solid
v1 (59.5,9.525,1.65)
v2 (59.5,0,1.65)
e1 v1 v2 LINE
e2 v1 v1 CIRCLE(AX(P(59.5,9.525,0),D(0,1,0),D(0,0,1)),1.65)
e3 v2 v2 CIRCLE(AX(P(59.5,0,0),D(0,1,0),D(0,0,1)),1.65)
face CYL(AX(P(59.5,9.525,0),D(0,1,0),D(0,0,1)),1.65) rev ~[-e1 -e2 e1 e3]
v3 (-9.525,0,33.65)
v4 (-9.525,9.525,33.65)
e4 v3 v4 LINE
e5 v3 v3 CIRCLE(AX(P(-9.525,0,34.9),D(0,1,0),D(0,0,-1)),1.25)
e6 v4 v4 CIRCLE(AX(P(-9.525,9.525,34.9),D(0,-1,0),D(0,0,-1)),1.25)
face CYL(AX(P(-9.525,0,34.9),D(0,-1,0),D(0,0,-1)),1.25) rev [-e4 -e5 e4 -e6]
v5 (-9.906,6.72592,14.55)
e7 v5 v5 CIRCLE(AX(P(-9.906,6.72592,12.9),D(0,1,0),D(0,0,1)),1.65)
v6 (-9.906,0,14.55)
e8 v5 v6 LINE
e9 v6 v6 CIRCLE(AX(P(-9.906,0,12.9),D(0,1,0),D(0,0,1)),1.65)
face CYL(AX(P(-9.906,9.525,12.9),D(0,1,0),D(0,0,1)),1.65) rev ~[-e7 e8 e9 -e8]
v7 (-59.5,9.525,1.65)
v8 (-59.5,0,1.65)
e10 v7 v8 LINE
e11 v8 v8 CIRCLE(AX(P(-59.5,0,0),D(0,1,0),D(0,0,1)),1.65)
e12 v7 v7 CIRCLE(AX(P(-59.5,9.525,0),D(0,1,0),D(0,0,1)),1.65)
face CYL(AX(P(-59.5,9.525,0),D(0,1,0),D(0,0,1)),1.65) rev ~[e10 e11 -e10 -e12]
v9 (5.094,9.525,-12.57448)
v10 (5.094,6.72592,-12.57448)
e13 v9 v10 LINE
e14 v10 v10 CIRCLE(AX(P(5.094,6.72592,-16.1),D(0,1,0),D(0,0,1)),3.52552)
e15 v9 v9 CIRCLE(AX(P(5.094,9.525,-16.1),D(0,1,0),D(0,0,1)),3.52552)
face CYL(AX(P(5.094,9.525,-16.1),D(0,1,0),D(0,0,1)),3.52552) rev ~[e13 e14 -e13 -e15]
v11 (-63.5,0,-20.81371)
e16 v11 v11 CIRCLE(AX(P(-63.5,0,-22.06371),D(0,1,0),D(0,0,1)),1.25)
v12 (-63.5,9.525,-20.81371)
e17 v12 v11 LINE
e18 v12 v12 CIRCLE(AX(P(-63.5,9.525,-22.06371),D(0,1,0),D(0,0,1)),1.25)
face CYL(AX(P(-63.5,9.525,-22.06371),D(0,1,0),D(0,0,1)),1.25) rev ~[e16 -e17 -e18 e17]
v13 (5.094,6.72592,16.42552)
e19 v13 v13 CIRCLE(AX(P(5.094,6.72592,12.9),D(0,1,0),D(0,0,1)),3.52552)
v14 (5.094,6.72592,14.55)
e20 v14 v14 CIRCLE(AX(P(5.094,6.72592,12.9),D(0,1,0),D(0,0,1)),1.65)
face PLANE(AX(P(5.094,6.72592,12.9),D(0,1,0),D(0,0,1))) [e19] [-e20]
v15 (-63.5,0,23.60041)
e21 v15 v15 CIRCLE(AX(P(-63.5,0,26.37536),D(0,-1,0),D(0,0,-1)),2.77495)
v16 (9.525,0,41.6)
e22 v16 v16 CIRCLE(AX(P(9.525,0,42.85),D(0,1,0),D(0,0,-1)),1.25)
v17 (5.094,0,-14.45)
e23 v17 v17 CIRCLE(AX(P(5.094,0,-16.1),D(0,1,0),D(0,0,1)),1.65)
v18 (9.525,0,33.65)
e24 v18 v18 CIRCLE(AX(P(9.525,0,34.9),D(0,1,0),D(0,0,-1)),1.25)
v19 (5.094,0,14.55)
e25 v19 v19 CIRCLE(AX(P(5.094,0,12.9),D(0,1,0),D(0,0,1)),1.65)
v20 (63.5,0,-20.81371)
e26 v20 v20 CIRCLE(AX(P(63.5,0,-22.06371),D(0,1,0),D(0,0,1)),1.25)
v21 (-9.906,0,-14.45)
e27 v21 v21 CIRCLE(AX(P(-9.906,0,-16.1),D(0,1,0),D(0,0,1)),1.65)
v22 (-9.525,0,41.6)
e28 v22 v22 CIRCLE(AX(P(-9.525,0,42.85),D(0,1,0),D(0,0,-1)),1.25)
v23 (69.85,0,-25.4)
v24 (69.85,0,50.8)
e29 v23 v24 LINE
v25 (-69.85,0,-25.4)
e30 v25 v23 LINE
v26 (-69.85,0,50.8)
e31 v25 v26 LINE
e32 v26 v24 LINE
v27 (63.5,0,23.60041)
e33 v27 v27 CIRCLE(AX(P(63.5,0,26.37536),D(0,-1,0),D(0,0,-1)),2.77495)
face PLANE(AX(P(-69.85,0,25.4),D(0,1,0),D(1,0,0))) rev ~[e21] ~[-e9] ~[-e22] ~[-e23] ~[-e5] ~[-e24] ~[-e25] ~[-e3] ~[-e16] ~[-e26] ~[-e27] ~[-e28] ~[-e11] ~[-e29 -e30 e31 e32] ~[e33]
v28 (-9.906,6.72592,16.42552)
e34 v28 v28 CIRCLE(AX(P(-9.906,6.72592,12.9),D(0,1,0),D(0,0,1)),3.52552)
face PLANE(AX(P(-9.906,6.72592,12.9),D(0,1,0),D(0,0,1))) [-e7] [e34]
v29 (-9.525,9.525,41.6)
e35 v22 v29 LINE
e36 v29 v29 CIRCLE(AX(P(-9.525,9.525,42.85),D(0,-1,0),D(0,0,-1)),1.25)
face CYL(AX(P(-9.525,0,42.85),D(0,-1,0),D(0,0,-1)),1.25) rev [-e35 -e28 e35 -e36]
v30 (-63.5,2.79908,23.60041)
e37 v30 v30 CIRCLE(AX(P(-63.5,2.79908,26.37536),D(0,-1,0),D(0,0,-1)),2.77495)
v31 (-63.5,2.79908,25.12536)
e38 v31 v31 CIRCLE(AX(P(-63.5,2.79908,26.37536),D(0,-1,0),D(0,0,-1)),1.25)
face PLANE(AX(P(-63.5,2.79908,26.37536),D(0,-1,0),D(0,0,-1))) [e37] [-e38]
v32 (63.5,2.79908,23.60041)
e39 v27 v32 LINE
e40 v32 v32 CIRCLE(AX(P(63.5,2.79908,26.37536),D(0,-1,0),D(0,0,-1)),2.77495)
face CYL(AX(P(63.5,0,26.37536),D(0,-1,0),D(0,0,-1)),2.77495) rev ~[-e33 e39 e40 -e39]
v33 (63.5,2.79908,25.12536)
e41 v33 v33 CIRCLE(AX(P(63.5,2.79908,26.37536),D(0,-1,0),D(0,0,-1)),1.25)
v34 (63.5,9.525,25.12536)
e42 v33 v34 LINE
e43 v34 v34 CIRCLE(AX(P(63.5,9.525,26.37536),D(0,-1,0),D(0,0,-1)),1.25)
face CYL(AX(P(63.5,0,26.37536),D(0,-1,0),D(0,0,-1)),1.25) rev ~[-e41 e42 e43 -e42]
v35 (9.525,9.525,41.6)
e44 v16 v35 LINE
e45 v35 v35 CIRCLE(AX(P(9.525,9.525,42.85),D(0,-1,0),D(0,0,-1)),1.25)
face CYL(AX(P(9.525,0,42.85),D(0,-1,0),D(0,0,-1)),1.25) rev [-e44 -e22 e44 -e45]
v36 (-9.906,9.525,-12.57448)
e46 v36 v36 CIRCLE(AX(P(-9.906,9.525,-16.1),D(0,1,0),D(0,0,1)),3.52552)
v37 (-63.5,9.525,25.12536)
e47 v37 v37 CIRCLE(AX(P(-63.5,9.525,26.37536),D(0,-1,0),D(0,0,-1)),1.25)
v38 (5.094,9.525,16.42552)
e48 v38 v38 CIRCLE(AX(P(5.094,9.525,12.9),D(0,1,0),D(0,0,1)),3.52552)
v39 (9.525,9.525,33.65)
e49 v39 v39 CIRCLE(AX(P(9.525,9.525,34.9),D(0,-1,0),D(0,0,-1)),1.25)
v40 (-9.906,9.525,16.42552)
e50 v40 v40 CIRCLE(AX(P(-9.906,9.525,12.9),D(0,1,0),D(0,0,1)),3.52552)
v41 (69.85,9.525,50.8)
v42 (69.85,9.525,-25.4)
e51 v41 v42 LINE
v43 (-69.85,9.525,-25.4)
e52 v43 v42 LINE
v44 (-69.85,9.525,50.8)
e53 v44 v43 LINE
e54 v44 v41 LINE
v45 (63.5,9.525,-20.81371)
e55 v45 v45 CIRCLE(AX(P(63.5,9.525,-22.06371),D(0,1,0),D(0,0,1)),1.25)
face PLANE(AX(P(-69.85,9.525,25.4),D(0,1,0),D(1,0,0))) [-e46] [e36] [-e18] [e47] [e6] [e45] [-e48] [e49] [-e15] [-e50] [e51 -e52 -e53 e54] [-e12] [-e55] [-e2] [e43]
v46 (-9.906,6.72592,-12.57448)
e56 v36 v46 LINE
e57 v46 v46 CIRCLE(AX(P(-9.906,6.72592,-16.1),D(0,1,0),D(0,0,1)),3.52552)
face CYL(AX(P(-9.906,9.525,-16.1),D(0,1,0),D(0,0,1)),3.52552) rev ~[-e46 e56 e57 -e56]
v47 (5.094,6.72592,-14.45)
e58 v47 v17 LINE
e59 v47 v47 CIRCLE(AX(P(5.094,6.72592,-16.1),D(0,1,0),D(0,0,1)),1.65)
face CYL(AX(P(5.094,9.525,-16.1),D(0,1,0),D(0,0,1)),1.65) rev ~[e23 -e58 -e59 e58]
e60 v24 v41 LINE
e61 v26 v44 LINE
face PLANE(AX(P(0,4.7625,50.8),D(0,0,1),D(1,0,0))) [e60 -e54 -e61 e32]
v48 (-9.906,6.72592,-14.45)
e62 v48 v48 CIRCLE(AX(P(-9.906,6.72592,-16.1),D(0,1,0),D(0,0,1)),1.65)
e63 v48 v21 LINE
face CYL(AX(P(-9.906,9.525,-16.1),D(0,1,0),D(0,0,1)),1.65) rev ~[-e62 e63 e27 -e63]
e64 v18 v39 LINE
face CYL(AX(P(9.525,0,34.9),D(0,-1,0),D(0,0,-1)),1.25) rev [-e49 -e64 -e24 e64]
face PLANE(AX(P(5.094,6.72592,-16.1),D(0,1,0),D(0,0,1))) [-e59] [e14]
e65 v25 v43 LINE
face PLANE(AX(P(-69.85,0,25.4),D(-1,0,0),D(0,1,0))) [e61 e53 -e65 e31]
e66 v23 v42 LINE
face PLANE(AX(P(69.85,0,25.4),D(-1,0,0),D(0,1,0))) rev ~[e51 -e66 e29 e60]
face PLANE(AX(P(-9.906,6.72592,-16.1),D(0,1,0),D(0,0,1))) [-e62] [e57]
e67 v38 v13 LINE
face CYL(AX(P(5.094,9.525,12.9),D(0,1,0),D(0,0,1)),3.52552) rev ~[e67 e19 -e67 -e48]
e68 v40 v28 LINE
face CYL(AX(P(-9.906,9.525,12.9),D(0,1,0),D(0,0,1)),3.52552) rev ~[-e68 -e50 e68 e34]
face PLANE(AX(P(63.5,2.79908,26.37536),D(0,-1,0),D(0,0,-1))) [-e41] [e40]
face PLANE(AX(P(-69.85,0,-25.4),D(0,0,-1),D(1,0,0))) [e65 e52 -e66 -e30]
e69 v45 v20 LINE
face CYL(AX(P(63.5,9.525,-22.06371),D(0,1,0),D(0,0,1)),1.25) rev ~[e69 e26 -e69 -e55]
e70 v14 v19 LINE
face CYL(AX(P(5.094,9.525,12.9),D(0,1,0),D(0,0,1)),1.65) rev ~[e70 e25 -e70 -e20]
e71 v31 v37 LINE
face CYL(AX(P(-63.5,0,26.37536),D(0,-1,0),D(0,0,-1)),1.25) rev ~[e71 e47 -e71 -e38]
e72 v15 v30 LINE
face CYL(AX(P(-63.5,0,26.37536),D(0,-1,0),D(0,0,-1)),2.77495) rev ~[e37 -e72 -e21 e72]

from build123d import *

# Parameters (mm, degrees)
SKETCH1_W           = 139.7
SKETCH1_H           = 50.8
BOSS_EXTRUDE1_DEPTH = 9.525
SKETCH13_W          = 139.7
SKETCH13_H          = 9.525
BOSS_EXTRUDE2_DEPTH = 25.4
SKETCH45_R          = 2.77495
CUT_EXTRUDE3_DEPTH  = 2.79908
SKETCH47_R          = 1.25
CUT_EXTRUDE4_DEPTH  = 87.892969365
SKETCH2_R           = 1.65
CUT_EXTRUDE5_DEPTH  = 87.892969365
SKETCH50_R          = 3.52552
CUT_EXTRUDE6_DEPTH  = 2.79908
SKETCH51_R          = 1.25
CUT_EXTRUDE10_DEPTH = 87.892969365
SKETCH35_R          = 1.25
CUT_EXTRUDE11_DEPTH = 87.892969365


with BuildPart() as part:
    # Sketch1 → Boss-Extrude1 (new body)
    with BuildSketch(Plane(origin=(0, 0, 0), x_dir=(1, 0, 0), z_dir=(0, 1, 0))):
        Rectangle(SKETCH1_W, SKETCH1_H)
    extrude(amount=BOSS_EXTRUDE1_DEPTH)

    # Sketch13 → Boss-Extrude2 (add)
    with BuildSketch(Plane.XY.offset(25.4)):
        with Locations((0, 4.7625)):
            Rectangle(SKETCH13_W, SKETCH13_H)
    extrude(amount=BOSS_EXTRUDE2_DEPTH)

    # Sketch45 → Cut-Extrude3 (cut)
    with BuildSketch(Plane.XZ):
        with Locations(Location((63.5, 26.37536, 0), (0, 0, 270))):
            Circle(SKETCH45_R)
        with Locations(Location((-63.5, 26.37536, 0), (0, 0, 270))):
            Circle(SKETCH45_R)
    extrude(amount=-CUT_EXTRUDE3_DEPTH, mode=Mode.SUBTRACT)

    # Sketch47 → Cut-Extrude4 (cut, through all)
    with BuildSketch(Plane.XZ):
        with Locations(Location((63.5, 26.37536, 0), (0, 0, 270))):
            Circle(SKETCH47_R)
        with Locations(Location((-63.5, 26.37536, 0), (0, 0, 270))):
            Circle(SKETCH47_R)
    extrude(amount=-CUT_EXTRUDE4_DEPTH, mode=Mode.SUBTRACT)

    # Sketch2 → Cut-Extrude5 (cut, through all)
    with BuildSketch(Plane(origin=(0, 9.525, 0), x_dir=(1, 0, 0), z_dir=(0, 1, 0))):
        with Locations(Location((-9.906, 16.1, 0), (0, 0, 270))):
            Circle(SKETCH2_R)
        with Locations(Location((5.094, 16.1, 0), (0, 0, 270))):
            Circle(SKETCH2_R)
        with Locations(Location((-9.906, -12.9, 0), (0, 0, 270))):
            Circle(SKETCH2_R)
        with Locations(Location((5.094, -12.9, 0), (0, 0, 270))):
            Circle(SKETCH2_R)
        with Locations(Location((-59.5, 0, 0), (0, 0, 270))):
            Circle(SKETCH2_R)
        with Locations(Location((59.5, 0, 0), (0, 0, 270))):
            Circle(SKETCH2_R)
    extrude(amount=-CUT_EXTRUDE5_DEPTH, mode=Mode.SUBTRACT)

    # Sketch50 → Cut-Extrude6 (cut)
    with BuildSketch(Plane(origin=(0, 9.525, 0), x_dir=(1, 0, 0), z_dir=(0, 1, 0))):
        with Locations(Location((-9.906, 16.1, 0), (0, 0, 270))):
            Circle(SKETCH50_R)
        with Locations(Location((5.094, 16.1, 0), (0, 0, 270))):
            Circle(SKETCH50_R)
        with Locations(Location((5.094, -12.9, 0), (0, 0, 270))):
            Circle(SKETCH50_R)
        with Locations(Location((-9.906, -12.9, 0), (0, 0, 270))):
            Circle(SKETCH50_R)
    extrude(amount=-CUT_EXTRUDE6_DEPTH, mode=Mode.SUBTRACT)

    # Sketch51 → Cut-Extrude10 (cut, through all)
    with BuildSketch(Plane(origin=(0, 9.525, 0), x_dir=(1, 0, 0), z_dir=(0, 1, 0))):
        with Locations(Location((-63.5, 22.06371, 0), (0, 0, 270))):
            Circle(SKETCH51_R)
        with Locations(Location((63.5, 22.06371, 0), (0, 0, 270))):
            Circle(SKETCH51_R)
    extrude(amount=-CUT_EXTRUDE10_DEPTH, mode=Mode.SUBTRACT)

    # Sketch35 → Cut-Extrude11 (cut, through all)
    with BuildSketch(Plane(origin=(0, 0, 0), x_dir=(1, 0, 0), z_dir=(0, 1, 0))):
        with Locations(Location((9.525, -34.9, 0), (0, 0, 90))):
            Circle(SKETCH35_R)
        with Locations(Location((-9.525, -34.9, 0), (0, 0, 90))):
            Circle(SKETCH35_R)
        with Locations(Location((-9.525, -42.85, 0), (0, 0, 90))):
            Circle(SKETCH35_R)
        with Locations(Location((9.525, -42.85, 0), (0, 0, 90))):
            Circle(SKETCH35_R)
    extrude(amount=CUT_EXTRUDE11_DEPTH, mode=Mode.SUBTRACT)


solid = part.part
